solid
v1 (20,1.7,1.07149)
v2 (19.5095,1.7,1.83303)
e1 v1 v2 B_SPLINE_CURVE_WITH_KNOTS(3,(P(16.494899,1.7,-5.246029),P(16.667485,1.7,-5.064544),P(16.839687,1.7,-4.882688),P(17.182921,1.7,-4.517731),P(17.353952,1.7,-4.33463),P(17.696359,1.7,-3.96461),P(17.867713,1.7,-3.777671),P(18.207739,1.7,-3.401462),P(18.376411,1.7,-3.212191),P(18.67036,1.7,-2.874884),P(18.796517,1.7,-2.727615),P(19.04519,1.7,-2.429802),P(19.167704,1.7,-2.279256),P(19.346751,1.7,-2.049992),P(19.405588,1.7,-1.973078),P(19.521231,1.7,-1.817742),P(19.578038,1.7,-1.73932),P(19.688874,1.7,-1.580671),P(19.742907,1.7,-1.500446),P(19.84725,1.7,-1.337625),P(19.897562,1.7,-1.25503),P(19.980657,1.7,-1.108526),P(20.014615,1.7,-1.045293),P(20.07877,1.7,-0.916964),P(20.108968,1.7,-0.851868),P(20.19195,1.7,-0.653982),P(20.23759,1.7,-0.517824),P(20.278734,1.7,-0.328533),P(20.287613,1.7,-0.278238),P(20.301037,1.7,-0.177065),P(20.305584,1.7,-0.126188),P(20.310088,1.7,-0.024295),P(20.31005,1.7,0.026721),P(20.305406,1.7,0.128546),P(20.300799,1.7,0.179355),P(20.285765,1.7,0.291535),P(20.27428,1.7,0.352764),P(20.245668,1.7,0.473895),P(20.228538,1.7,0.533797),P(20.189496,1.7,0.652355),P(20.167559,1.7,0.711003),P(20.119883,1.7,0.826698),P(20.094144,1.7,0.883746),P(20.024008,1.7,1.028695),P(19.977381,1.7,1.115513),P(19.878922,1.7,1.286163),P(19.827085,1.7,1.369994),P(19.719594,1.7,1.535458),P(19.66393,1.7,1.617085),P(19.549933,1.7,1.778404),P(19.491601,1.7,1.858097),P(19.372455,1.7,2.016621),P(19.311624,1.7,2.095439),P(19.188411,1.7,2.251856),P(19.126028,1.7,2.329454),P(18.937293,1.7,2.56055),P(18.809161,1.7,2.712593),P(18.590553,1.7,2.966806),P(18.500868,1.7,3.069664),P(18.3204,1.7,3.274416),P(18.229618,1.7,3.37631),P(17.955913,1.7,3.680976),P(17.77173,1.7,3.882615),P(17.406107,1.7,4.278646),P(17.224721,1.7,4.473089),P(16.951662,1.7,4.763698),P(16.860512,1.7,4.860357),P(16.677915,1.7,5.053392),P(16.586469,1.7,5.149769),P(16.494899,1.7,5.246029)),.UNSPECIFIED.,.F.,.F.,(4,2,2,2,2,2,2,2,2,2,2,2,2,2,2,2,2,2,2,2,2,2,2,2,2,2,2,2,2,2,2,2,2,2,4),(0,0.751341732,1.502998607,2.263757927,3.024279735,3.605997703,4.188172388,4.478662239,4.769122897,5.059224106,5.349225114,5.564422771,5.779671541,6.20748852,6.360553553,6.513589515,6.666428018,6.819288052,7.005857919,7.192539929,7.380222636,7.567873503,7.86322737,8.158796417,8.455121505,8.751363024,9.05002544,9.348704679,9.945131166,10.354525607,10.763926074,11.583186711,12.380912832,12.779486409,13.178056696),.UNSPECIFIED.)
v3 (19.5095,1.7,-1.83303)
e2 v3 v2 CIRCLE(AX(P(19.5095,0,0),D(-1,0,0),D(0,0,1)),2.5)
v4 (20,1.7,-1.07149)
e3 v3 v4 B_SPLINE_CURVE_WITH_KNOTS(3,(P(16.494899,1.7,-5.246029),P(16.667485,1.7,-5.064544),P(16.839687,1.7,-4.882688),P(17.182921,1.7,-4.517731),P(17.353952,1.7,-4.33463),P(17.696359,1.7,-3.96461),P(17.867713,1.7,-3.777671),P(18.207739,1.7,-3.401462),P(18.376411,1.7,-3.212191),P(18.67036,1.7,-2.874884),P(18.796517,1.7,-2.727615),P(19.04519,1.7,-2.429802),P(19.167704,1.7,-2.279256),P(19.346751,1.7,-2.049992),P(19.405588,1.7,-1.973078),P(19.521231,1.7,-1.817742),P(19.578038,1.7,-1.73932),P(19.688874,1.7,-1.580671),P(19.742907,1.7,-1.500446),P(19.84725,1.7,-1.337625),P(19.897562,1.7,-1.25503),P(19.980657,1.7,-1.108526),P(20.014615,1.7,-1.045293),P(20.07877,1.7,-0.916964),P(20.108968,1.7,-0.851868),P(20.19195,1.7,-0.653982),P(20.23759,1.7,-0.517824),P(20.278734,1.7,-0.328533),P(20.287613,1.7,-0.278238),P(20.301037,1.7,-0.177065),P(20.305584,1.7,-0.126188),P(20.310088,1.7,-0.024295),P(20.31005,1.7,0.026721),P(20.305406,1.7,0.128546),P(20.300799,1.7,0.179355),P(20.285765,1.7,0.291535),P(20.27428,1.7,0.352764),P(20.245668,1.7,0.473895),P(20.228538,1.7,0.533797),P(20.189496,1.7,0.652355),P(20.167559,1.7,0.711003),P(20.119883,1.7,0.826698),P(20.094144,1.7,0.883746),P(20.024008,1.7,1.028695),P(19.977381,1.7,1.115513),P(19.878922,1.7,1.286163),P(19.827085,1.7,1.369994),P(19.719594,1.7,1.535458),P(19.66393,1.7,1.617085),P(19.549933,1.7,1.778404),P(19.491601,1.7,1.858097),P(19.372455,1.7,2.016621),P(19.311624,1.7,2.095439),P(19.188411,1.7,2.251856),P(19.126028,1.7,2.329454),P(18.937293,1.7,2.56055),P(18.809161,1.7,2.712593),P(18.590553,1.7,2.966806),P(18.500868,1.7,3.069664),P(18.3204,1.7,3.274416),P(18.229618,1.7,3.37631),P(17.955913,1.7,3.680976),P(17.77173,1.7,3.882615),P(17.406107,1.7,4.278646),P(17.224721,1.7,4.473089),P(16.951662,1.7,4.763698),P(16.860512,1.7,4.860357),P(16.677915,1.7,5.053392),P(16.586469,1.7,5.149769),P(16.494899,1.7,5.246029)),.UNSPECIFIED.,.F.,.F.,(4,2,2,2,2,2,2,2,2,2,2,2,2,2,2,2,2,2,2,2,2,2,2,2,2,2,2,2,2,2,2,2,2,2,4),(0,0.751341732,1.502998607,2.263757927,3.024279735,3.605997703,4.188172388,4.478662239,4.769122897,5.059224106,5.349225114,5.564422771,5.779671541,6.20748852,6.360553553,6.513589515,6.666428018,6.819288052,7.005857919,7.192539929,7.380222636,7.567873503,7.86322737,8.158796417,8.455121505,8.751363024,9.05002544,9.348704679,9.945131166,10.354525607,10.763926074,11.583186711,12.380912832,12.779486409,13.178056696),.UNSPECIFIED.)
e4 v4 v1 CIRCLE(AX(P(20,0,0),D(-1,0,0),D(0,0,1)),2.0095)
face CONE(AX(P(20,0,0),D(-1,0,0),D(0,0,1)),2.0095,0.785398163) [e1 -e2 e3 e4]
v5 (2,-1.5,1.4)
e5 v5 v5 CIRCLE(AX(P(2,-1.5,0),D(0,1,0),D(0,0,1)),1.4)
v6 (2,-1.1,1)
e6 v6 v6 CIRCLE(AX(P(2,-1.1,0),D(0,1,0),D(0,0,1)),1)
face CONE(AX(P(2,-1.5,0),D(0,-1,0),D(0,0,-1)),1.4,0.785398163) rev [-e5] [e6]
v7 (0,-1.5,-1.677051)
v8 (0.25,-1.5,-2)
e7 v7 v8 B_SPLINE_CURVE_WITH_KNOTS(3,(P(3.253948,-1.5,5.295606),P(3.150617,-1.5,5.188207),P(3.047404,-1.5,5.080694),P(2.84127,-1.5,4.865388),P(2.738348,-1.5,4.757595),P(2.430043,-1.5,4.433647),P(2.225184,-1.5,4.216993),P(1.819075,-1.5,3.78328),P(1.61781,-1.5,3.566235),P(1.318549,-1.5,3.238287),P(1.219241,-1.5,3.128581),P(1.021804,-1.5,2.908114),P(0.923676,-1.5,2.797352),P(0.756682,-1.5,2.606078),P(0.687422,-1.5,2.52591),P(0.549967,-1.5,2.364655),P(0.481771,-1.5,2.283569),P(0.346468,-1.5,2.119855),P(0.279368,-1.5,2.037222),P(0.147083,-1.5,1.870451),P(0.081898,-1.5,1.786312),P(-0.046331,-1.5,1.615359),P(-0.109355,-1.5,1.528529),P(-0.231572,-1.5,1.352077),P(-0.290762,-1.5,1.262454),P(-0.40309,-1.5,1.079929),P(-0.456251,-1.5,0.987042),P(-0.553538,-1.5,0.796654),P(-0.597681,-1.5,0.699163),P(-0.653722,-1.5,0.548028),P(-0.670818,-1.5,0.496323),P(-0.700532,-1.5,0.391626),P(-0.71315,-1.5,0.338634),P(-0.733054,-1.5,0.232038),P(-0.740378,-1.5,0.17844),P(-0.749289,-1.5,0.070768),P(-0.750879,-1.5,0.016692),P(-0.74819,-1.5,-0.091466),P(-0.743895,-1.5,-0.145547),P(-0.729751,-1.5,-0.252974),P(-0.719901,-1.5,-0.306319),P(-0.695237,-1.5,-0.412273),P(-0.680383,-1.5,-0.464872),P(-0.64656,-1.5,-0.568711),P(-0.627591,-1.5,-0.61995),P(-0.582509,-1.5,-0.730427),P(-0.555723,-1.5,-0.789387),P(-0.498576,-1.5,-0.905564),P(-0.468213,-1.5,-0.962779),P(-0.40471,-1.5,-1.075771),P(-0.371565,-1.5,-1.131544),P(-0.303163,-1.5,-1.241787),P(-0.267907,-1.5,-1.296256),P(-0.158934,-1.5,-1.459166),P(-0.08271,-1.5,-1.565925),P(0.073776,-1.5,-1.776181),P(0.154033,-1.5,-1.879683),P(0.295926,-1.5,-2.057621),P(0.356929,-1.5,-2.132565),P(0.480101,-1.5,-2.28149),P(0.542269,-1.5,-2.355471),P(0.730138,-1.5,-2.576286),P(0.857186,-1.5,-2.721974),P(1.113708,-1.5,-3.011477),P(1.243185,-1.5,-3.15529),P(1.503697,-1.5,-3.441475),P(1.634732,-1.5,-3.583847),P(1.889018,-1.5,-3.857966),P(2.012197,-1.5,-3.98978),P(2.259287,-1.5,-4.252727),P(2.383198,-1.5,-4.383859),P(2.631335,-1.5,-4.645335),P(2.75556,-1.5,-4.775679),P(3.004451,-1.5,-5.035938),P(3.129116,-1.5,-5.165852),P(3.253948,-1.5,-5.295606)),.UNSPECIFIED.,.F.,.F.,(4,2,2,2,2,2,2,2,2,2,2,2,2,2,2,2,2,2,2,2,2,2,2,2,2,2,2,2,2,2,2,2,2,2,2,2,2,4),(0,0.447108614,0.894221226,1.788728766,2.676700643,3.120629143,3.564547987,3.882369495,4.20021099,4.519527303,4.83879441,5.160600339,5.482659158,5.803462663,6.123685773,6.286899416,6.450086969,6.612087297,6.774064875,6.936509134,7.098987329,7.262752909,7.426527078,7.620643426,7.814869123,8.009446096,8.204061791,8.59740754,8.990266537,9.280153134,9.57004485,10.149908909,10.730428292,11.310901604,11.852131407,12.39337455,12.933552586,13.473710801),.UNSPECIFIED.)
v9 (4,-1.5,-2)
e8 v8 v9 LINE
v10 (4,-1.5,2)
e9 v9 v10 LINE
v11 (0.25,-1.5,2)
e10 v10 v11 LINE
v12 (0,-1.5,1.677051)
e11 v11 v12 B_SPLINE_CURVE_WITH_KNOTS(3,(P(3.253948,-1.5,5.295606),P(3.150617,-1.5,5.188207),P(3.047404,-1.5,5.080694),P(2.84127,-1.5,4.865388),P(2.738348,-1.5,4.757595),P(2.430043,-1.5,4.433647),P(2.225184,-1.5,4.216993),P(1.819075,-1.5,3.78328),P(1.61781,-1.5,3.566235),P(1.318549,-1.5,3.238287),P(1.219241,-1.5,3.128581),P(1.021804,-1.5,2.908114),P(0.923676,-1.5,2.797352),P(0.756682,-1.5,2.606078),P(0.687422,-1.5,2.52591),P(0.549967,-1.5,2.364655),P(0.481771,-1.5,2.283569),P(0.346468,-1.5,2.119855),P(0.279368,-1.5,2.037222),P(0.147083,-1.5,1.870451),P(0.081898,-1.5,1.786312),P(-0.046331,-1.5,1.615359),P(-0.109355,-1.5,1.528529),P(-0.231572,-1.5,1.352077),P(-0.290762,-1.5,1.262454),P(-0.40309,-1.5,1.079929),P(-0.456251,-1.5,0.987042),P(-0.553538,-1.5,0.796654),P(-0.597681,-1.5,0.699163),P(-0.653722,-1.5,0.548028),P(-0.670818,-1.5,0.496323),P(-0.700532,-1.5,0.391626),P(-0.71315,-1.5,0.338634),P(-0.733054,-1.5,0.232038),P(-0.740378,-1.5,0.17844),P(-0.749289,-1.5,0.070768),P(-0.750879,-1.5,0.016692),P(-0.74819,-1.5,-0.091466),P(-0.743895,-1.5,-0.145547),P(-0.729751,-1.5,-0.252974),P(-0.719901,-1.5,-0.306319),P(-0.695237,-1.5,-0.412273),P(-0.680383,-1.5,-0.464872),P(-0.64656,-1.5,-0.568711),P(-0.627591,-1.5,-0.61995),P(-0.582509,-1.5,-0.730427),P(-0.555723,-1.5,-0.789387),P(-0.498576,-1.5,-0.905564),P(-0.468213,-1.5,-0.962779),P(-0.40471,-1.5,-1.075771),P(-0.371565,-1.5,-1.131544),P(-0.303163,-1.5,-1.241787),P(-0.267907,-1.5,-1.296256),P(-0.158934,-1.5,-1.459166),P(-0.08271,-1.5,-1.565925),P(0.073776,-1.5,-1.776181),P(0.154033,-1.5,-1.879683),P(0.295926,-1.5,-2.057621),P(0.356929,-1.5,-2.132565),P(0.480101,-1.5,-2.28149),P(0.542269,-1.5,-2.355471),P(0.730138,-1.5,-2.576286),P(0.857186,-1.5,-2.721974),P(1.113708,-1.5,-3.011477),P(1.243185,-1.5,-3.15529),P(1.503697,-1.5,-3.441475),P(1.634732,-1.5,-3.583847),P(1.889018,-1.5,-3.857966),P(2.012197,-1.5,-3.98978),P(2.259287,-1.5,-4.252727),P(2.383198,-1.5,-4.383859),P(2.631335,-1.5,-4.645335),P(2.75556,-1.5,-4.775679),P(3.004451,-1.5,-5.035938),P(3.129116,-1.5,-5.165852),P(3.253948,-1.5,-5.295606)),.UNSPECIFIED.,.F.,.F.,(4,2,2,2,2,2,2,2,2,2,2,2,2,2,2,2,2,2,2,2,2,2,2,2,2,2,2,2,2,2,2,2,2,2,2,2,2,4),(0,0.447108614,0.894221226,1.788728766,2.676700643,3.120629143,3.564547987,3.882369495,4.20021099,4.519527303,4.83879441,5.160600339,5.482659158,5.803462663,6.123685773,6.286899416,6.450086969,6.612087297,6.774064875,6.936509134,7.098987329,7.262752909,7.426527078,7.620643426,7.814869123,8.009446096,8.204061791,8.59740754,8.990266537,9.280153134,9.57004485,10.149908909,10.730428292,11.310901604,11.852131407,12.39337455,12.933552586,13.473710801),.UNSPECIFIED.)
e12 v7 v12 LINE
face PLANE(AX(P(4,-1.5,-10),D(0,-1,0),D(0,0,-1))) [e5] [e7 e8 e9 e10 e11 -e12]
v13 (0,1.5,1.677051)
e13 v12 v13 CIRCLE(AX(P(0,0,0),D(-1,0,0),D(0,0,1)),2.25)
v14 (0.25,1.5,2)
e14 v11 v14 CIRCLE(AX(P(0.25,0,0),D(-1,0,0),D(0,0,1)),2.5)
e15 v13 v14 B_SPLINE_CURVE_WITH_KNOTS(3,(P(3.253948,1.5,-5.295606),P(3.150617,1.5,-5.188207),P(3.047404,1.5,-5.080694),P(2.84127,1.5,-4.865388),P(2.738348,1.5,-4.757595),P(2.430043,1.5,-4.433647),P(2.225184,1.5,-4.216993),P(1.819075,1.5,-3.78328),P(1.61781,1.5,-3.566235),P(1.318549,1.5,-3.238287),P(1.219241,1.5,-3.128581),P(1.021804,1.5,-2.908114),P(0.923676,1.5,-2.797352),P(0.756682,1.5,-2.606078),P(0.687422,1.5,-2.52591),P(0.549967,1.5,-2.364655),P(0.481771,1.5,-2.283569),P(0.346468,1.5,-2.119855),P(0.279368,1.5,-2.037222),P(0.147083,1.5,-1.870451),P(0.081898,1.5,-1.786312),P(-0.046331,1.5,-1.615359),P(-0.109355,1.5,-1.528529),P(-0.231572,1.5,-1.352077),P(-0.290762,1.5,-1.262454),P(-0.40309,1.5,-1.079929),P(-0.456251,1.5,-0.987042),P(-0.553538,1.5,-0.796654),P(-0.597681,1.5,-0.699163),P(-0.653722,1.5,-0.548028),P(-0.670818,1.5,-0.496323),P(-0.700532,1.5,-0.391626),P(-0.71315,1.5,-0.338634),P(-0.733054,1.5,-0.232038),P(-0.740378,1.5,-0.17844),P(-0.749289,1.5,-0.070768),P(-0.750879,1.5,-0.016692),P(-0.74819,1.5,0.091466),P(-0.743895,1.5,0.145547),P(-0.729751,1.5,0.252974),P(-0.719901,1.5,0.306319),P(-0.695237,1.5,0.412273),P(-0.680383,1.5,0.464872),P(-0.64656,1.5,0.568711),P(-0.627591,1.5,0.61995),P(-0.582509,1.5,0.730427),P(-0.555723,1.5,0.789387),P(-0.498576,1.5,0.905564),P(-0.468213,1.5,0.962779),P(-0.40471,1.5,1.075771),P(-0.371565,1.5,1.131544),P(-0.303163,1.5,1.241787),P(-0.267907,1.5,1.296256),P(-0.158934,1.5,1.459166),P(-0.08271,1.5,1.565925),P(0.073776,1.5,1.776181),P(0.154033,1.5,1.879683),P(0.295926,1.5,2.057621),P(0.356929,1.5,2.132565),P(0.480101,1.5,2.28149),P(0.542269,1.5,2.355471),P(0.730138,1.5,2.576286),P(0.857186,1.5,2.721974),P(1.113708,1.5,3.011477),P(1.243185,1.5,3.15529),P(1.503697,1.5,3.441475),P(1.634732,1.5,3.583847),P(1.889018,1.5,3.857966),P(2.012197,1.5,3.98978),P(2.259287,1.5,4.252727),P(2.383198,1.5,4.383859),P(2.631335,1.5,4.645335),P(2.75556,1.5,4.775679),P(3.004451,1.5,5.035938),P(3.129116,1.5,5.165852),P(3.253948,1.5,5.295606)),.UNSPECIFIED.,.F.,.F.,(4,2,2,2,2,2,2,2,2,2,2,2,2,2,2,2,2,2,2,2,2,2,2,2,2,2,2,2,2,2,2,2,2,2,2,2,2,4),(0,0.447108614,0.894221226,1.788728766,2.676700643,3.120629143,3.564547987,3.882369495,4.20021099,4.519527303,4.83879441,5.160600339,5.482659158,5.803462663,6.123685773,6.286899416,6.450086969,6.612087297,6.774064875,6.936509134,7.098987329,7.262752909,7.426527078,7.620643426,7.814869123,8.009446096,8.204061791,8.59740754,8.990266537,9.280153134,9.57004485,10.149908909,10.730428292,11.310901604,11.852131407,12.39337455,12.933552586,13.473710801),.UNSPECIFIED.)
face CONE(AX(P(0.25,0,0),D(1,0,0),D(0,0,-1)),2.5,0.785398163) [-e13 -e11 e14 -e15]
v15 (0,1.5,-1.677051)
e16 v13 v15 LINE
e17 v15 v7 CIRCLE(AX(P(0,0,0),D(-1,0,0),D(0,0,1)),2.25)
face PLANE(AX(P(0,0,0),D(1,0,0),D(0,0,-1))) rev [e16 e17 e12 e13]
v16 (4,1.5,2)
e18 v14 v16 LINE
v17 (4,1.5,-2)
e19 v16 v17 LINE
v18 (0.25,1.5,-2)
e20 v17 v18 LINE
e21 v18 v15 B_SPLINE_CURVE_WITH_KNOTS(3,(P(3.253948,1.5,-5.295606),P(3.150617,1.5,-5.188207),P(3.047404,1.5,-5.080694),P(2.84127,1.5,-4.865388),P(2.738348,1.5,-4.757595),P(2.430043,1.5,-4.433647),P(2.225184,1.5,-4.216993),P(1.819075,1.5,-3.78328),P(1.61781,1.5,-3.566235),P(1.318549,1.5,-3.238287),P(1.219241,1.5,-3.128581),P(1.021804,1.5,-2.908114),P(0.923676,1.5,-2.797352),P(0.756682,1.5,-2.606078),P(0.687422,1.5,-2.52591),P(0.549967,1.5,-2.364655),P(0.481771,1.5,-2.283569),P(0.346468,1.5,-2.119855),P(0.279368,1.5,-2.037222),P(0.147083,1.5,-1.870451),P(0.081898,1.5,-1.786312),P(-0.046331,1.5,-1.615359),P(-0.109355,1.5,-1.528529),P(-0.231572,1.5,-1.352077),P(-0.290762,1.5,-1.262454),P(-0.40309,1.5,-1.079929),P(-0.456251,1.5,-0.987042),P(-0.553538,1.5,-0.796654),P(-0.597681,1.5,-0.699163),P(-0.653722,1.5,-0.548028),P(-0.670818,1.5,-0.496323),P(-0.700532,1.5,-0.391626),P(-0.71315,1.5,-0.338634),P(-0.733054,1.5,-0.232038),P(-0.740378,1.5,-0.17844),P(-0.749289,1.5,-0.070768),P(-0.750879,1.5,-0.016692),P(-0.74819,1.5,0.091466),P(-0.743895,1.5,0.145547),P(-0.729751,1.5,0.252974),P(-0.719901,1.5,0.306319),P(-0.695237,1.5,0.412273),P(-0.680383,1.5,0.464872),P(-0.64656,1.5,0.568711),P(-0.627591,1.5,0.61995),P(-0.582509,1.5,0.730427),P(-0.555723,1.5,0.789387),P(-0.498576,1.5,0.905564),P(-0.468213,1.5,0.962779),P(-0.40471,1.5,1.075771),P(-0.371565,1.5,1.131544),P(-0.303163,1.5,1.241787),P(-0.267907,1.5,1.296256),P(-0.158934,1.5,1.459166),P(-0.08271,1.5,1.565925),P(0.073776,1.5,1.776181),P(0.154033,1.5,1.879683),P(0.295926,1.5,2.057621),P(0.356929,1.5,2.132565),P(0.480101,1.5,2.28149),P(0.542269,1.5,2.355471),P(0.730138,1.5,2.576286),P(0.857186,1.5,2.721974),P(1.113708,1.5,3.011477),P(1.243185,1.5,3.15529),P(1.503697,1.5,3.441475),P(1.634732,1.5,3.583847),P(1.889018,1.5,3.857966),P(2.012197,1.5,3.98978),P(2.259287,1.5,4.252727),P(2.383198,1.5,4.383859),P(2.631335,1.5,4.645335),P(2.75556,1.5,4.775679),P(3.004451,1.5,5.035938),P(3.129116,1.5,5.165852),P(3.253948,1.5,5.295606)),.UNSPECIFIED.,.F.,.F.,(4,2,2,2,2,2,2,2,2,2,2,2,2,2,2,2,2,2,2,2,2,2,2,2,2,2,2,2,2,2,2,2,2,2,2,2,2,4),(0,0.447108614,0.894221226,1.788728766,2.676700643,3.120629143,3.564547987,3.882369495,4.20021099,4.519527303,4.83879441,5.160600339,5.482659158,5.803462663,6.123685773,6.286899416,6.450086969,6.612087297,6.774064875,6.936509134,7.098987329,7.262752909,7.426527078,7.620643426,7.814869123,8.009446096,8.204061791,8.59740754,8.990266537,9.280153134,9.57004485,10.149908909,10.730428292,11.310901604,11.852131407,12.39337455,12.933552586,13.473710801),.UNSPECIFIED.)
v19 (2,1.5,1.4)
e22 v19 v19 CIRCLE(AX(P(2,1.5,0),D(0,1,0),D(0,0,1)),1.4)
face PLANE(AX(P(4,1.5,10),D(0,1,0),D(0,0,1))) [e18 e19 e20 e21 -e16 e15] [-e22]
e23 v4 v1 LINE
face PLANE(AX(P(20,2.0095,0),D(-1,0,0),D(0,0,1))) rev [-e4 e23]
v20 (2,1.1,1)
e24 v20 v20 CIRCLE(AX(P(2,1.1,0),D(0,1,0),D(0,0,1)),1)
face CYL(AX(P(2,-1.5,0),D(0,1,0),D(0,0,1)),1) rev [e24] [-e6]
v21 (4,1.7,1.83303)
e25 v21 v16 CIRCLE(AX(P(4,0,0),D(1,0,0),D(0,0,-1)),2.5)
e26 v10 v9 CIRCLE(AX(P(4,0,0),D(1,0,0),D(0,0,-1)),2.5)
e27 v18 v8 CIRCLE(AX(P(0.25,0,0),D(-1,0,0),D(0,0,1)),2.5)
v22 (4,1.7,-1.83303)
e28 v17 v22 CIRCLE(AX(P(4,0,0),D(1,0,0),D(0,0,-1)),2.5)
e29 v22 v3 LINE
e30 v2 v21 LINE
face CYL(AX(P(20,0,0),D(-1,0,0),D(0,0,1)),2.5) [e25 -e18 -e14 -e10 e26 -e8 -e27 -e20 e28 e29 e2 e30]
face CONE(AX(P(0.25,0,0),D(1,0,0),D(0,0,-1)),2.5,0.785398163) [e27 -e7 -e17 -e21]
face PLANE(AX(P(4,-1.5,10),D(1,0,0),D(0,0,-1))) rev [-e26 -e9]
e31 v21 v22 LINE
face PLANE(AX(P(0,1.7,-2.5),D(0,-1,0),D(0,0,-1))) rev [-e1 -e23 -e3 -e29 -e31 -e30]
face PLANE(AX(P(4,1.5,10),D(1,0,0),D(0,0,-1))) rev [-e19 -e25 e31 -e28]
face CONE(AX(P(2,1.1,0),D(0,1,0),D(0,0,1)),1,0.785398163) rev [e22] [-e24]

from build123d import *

# Parameters (mm, degrees)
SKETCH2_W               = 20
SKETCH2_H               = 3
CUT_EXTRUDE1_DEPTH      = 4
SKETCH3_W               = 20
SKETCH3_H               = 3
CUT_EXTRUDE2_DEPTH      = 4
SKETCH5_W               = 20
SKETCH5_H               = 0.8
CUT_EXTRUDE3_DEPTH      = 3.5
CUT_EXTRUDE3_DEPTH_BACK = 3.5


with BuildPart() as part:
    # Sketch1 → Revolve1 (revolve)
    with BuildSketch(Plane.XY):
        Polygon((0, 0), (0, 2.25), (0.25, 2.5), (19.5095, 2.5), (20, 2.0095), (20, 0), align=None)
    revolve(axis=Axis((20, 0, 0), (-1, 0, 0)))

    # Sketch2 → Cut-Extrude1 (cut)
    with BuildSketch(Plane(origin=(0, 0, 0), x_dir=(0, 0, -1), z_dir=(1, 0, 0))):
        with Locations((0, 3)):
            Rectangle(SKETCH2_W, SKETCH2_H)
    extrude(amount=CUT_EXTRUDE1_DEPTH, mode=Mode.SUBTRACT)

    # Sketch3 → Cut-Extrude2 (cut)
    with BuildSketch(Plane(origin=(0, 0, 0), x_dir=(0, 0, -1), z_dir=(1, 0, 0))):
        with Locations((0, -3)):
            Rectangle(SKETCH3_W, SKETCH3_H)
    extrude(amount=CUT_EXTRUDE2_DEPTH, mode=Mode.SUBTRACT)

    # Sketch4 → Cut-Revolve1 (revolve, cut)
    with BuildSketch(Plane.XY):
        Polygon((2, 1.5), (3.4, 1.5), (3, 1.1), (3, -1.1), (3.4, -1.5), (2, -1.5), align=None)
    revolve(axis=Axis((2, -1.5, 0), (0, 1, 0)), mode=Mode.SUBTRACT)

    # Sketch5 → Cut-Extrude3 (cut, two sides)
    with BuildSketch(Plane.XY) as cut_extrude3_sk:
        with Locations((10, 2.1)):
            Rectangle(SKETCH5_W, SKETCH5_H)
    extrude(amount=CUT_EXTRUDE3_DEPTH, mode=Mode.SUBTRACT)
    extrude(cut_extrude3_sk.sketch, amount=-CUT_EXTRUDE3_DEPTH_BACK, mode=Mode.SUBTRACT)


solid = part.part
